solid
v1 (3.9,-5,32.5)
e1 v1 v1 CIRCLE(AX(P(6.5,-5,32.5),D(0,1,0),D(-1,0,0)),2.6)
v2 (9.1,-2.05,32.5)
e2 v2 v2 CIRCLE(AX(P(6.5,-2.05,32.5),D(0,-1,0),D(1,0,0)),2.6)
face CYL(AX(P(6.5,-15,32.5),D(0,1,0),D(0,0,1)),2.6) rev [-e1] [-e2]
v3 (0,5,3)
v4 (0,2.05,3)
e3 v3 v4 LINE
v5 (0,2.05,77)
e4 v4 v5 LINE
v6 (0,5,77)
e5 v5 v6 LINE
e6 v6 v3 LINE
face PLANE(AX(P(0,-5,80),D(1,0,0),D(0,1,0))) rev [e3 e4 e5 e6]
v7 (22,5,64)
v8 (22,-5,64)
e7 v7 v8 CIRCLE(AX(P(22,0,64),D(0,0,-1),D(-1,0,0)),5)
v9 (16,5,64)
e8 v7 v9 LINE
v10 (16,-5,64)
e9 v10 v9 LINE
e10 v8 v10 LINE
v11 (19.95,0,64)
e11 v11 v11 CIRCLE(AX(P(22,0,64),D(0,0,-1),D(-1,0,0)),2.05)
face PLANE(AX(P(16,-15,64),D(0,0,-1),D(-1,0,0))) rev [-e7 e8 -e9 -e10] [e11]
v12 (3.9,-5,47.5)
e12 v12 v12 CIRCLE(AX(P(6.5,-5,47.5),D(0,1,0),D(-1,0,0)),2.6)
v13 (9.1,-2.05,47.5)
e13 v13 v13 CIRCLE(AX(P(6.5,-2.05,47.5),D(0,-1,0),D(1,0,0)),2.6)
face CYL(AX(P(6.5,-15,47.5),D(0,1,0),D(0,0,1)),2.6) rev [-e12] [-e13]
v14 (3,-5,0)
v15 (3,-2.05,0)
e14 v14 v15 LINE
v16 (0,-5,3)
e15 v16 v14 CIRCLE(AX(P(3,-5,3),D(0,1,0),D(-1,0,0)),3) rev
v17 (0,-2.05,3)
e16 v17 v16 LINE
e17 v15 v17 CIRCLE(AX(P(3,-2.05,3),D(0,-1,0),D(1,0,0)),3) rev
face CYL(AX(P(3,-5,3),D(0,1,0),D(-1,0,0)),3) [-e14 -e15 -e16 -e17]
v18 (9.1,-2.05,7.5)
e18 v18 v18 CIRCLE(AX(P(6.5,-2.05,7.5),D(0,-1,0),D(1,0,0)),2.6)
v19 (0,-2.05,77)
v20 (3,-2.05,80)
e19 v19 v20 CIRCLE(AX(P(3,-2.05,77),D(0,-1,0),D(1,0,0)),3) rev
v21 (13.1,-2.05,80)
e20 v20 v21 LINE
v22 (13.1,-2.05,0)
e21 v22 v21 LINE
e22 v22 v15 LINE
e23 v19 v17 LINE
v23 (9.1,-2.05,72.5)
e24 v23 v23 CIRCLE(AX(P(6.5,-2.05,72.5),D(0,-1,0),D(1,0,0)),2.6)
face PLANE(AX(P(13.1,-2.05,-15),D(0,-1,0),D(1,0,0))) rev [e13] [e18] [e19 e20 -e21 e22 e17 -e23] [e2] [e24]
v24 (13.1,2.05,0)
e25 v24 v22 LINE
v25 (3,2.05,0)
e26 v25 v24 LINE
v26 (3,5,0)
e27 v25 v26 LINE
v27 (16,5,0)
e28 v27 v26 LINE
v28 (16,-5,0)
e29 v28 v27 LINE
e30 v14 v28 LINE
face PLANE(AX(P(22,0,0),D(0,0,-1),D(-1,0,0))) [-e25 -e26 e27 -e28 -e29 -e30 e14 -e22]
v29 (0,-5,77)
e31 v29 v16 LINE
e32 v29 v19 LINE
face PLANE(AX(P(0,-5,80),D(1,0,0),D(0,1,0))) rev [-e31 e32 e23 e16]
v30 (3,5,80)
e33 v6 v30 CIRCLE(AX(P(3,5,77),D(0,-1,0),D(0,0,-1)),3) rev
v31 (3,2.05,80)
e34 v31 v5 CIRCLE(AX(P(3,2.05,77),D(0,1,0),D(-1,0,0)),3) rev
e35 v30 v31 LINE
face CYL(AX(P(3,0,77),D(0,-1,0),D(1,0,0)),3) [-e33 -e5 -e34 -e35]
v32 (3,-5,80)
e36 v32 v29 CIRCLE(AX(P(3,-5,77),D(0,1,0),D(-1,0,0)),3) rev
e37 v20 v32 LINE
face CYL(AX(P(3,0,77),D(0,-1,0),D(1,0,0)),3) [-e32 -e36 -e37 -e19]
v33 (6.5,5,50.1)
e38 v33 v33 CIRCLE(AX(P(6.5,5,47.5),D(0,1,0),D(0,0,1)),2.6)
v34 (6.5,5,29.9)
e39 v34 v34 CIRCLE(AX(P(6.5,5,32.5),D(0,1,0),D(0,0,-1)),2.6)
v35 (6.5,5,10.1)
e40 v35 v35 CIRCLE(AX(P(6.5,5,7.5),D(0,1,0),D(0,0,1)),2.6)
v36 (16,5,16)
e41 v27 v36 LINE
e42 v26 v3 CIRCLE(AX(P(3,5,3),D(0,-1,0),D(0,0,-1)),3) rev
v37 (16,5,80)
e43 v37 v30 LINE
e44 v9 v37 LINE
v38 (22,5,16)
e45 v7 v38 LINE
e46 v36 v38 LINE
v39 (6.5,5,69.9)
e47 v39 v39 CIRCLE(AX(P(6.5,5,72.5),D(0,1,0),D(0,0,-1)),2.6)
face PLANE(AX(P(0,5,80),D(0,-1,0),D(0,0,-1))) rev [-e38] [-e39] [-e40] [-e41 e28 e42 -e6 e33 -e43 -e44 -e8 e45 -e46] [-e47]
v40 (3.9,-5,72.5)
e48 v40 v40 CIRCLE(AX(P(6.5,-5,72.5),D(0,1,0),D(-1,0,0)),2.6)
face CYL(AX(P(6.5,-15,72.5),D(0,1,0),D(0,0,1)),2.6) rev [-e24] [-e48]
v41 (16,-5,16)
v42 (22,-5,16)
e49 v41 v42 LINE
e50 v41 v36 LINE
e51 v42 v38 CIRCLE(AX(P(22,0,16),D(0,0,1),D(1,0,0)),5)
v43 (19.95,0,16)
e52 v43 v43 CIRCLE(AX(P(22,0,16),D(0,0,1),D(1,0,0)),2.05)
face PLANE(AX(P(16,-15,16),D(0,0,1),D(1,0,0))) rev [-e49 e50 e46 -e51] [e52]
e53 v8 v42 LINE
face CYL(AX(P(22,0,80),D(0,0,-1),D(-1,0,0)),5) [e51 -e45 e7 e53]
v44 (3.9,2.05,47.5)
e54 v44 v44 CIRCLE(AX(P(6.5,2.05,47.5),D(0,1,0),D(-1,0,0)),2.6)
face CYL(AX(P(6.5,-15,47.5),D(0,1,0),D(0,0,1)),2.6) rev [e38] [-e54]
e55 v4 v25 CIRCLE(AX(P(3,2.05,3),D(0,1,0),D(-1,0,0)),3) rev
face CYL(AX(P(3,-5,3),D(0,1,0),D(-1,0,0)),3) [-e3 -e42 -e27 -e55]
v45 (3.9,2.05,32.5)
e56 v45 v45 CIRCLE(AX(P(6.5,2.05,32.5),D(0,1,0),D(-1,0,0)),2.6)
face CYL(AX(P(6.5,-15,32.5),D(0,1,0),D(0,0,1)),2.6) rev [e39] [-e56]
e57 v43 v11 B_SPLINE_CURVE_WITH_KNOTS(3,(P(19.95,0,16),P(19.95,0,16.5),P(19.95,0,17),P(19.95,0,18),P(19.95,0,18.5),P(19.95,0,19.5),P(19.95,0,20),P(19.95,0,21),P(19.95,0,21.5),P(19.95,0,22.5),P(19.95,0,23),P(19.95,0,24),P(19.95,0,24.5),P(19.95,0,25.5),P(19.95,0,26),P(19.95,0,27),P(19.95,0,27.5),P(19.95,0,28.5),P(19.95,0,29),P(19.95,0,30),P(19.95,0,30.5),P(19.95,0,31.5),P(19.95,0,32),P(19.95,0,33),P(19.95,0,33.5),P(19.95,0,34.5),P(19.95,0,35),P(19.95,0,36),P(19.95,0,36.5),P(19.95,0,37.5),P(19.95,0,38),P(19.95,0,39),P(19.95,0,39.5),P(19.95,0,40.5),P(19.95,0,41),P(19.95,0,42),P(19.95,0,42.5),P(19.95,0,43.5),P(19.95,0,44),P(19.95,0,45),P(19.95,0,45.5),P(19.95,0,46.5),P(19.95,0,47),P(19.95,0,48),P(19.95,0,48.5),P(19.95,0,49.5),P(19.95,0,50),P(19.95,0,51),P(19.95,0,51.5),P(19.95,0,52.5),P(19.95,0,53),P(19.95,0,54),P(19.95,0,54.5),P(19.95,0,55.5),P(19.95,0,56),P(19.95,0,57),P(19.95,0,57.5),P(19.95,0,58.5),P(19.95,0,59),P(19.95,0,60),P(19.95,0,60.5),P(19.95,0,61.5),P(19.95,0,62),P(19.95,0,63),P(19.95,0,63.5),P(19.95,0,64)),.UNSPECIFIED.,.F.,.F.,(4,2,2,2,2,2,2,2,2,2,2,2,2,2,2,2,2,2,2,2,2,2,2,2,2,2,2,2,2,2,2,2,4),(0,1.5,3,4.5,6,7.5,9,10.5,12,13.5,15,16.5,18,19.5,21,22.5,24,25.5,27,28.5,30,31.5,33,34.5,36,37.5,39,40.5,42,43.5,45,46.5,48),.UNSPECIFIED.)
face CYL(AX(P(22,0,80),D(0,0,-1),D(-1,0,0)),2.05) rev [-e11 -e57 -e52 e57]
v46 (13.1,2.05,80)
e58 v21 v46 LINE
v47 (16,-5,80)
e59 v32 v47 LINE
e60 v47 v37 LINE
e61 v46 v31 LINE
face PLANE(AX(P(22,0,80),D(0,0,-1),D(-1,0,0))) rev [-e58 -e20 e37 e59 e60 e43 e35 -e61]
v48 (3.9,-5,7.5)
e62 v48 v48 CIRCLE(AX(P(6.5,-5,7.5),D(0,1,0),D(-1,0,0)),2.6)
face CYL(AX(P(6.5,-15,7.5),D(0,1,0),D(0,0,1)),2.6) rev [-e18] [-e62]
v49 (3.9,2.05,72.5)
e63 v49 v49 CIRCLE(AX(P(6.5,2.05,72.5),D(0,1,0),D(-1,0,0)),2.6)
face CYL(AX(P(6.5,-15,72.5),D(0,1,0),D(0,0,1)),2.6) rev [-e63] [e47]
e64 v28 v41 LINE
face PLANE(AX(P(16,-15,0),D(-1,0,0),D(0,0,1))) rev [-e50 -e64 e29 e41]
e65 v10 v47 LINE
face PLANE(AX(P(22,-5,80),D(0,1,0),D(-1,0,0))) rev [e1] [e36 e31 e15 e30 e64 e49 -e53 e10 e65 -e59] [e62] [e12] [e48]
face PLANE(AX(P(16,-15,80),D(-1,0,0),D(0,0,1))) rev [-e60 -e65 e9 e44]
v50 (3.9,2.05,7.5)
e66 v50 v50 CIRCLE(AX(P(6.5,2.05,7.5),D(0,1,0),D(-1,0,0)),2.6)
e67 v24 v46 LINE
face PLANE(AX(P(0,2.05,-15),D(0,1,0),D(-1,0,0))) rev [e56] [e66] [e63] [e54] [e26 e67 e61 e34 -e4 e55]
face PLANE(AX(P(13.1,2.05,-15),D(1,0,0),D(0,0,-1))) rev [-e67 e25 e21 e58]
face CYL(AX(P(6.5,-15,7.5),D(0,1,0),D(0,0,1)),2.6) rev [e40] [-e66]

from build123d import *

# Parameters (mm, degrees)
SKETCH_1_R          = 2.05
EXTRUDE_1_DEPTH     = 80
SKETCH_2_W          = 13.1
SKETCH_2_H          = 4.1
CUT_EXTRUDE_1_DEPTH = 95
SKETCH_4_R          = 2.6
CUT_EXTRUDE_2_DEPTH = 20
CUT_EXTRUDE_5_DEPTH = 20
FILLET_1_R          = 3


with BuildPart() as part:
    # 草图1 → 凸台-拉伸1 (new body)
    with BuildSketch(Plane.XY):
        with BuildLine():
            Line((0, 5), (22, 5))
            ThreePointArc((22, 5), (27, 0), (22, -5))
            Line((22, -5), (0, -5))
            Line((0, -5), (0, 5))
        make_face()
        with Locations(Location((22, 0, 0), (0, 0, 180))):
            Circle(SKETCH_1_R, mode=Mode.SUBTRACT)
    extrude(amount=EXTRUDE_1_DEPTH)

    # 草图2 → 切除-拉伸1 (cut)
    with BuildSketch(Plane.XY.offset(80)):
        with Locations((6.55, 0)):
            Rectangle(SKETCH_2_W, SKETCH_2_H)
    extrude(amount=-CUT_EXTRUDE_1_DEPTH, mode=Mode.SUBTRACT)

    # 草图4 → 切除-拉伸2 (cut)
    with BuildSketch(Plane(origin=(0, 5, 0), x_dir=(1, 0, 0), z_dir=(0, 1, 0))):
        with Locations((6.5, -32.5)):
            Circle(SKETCH_4_R)
        with Locations((6.5, -7.5)):
            Circle(SKETCH_4_R)
        with Locations((6.5, -72.5)):
            Circle(SKETCH_4_R)
        with Locations((6.5, -47.5)):
            Circle(SKETCH_4_R)
    extrude(amount=-CUT_EXTRUDE_2_DEPTH, mode=Mode.SUBTRACT)

    # 草图5 → 切除-拉伸5 (cut)
    with BuildSketch(Plane(origin=(0, 5, 0), x_dir=(1, 0, 0), z_dir=(0, 1, 0))):
        Polygon((22, 0), (32.496468361, 0), (32.496468361, -16), (16, -16), (16, 0), align=None)
        Polygon((16, -64), (32.496468361, -64), (32.496468361, -80), (22, -80), (16, -80), align=None)
    extrude(amount=-CUT_EXTRUDE_5_DEPTH, mode=Mode.SUBTRACT)

    # 圆角1
    fillet_1_edges = [part.edges().sort_by_distance(p)[0] for p in [
        (0, -3.525, 0),
        (0, -3.525, 80),
        (0, 3.525, 80),
        (0, 3.525, 0),
    ]]
    fillet(fillet_1_edges, radius=FILLET_1_R)


solid = part.part
